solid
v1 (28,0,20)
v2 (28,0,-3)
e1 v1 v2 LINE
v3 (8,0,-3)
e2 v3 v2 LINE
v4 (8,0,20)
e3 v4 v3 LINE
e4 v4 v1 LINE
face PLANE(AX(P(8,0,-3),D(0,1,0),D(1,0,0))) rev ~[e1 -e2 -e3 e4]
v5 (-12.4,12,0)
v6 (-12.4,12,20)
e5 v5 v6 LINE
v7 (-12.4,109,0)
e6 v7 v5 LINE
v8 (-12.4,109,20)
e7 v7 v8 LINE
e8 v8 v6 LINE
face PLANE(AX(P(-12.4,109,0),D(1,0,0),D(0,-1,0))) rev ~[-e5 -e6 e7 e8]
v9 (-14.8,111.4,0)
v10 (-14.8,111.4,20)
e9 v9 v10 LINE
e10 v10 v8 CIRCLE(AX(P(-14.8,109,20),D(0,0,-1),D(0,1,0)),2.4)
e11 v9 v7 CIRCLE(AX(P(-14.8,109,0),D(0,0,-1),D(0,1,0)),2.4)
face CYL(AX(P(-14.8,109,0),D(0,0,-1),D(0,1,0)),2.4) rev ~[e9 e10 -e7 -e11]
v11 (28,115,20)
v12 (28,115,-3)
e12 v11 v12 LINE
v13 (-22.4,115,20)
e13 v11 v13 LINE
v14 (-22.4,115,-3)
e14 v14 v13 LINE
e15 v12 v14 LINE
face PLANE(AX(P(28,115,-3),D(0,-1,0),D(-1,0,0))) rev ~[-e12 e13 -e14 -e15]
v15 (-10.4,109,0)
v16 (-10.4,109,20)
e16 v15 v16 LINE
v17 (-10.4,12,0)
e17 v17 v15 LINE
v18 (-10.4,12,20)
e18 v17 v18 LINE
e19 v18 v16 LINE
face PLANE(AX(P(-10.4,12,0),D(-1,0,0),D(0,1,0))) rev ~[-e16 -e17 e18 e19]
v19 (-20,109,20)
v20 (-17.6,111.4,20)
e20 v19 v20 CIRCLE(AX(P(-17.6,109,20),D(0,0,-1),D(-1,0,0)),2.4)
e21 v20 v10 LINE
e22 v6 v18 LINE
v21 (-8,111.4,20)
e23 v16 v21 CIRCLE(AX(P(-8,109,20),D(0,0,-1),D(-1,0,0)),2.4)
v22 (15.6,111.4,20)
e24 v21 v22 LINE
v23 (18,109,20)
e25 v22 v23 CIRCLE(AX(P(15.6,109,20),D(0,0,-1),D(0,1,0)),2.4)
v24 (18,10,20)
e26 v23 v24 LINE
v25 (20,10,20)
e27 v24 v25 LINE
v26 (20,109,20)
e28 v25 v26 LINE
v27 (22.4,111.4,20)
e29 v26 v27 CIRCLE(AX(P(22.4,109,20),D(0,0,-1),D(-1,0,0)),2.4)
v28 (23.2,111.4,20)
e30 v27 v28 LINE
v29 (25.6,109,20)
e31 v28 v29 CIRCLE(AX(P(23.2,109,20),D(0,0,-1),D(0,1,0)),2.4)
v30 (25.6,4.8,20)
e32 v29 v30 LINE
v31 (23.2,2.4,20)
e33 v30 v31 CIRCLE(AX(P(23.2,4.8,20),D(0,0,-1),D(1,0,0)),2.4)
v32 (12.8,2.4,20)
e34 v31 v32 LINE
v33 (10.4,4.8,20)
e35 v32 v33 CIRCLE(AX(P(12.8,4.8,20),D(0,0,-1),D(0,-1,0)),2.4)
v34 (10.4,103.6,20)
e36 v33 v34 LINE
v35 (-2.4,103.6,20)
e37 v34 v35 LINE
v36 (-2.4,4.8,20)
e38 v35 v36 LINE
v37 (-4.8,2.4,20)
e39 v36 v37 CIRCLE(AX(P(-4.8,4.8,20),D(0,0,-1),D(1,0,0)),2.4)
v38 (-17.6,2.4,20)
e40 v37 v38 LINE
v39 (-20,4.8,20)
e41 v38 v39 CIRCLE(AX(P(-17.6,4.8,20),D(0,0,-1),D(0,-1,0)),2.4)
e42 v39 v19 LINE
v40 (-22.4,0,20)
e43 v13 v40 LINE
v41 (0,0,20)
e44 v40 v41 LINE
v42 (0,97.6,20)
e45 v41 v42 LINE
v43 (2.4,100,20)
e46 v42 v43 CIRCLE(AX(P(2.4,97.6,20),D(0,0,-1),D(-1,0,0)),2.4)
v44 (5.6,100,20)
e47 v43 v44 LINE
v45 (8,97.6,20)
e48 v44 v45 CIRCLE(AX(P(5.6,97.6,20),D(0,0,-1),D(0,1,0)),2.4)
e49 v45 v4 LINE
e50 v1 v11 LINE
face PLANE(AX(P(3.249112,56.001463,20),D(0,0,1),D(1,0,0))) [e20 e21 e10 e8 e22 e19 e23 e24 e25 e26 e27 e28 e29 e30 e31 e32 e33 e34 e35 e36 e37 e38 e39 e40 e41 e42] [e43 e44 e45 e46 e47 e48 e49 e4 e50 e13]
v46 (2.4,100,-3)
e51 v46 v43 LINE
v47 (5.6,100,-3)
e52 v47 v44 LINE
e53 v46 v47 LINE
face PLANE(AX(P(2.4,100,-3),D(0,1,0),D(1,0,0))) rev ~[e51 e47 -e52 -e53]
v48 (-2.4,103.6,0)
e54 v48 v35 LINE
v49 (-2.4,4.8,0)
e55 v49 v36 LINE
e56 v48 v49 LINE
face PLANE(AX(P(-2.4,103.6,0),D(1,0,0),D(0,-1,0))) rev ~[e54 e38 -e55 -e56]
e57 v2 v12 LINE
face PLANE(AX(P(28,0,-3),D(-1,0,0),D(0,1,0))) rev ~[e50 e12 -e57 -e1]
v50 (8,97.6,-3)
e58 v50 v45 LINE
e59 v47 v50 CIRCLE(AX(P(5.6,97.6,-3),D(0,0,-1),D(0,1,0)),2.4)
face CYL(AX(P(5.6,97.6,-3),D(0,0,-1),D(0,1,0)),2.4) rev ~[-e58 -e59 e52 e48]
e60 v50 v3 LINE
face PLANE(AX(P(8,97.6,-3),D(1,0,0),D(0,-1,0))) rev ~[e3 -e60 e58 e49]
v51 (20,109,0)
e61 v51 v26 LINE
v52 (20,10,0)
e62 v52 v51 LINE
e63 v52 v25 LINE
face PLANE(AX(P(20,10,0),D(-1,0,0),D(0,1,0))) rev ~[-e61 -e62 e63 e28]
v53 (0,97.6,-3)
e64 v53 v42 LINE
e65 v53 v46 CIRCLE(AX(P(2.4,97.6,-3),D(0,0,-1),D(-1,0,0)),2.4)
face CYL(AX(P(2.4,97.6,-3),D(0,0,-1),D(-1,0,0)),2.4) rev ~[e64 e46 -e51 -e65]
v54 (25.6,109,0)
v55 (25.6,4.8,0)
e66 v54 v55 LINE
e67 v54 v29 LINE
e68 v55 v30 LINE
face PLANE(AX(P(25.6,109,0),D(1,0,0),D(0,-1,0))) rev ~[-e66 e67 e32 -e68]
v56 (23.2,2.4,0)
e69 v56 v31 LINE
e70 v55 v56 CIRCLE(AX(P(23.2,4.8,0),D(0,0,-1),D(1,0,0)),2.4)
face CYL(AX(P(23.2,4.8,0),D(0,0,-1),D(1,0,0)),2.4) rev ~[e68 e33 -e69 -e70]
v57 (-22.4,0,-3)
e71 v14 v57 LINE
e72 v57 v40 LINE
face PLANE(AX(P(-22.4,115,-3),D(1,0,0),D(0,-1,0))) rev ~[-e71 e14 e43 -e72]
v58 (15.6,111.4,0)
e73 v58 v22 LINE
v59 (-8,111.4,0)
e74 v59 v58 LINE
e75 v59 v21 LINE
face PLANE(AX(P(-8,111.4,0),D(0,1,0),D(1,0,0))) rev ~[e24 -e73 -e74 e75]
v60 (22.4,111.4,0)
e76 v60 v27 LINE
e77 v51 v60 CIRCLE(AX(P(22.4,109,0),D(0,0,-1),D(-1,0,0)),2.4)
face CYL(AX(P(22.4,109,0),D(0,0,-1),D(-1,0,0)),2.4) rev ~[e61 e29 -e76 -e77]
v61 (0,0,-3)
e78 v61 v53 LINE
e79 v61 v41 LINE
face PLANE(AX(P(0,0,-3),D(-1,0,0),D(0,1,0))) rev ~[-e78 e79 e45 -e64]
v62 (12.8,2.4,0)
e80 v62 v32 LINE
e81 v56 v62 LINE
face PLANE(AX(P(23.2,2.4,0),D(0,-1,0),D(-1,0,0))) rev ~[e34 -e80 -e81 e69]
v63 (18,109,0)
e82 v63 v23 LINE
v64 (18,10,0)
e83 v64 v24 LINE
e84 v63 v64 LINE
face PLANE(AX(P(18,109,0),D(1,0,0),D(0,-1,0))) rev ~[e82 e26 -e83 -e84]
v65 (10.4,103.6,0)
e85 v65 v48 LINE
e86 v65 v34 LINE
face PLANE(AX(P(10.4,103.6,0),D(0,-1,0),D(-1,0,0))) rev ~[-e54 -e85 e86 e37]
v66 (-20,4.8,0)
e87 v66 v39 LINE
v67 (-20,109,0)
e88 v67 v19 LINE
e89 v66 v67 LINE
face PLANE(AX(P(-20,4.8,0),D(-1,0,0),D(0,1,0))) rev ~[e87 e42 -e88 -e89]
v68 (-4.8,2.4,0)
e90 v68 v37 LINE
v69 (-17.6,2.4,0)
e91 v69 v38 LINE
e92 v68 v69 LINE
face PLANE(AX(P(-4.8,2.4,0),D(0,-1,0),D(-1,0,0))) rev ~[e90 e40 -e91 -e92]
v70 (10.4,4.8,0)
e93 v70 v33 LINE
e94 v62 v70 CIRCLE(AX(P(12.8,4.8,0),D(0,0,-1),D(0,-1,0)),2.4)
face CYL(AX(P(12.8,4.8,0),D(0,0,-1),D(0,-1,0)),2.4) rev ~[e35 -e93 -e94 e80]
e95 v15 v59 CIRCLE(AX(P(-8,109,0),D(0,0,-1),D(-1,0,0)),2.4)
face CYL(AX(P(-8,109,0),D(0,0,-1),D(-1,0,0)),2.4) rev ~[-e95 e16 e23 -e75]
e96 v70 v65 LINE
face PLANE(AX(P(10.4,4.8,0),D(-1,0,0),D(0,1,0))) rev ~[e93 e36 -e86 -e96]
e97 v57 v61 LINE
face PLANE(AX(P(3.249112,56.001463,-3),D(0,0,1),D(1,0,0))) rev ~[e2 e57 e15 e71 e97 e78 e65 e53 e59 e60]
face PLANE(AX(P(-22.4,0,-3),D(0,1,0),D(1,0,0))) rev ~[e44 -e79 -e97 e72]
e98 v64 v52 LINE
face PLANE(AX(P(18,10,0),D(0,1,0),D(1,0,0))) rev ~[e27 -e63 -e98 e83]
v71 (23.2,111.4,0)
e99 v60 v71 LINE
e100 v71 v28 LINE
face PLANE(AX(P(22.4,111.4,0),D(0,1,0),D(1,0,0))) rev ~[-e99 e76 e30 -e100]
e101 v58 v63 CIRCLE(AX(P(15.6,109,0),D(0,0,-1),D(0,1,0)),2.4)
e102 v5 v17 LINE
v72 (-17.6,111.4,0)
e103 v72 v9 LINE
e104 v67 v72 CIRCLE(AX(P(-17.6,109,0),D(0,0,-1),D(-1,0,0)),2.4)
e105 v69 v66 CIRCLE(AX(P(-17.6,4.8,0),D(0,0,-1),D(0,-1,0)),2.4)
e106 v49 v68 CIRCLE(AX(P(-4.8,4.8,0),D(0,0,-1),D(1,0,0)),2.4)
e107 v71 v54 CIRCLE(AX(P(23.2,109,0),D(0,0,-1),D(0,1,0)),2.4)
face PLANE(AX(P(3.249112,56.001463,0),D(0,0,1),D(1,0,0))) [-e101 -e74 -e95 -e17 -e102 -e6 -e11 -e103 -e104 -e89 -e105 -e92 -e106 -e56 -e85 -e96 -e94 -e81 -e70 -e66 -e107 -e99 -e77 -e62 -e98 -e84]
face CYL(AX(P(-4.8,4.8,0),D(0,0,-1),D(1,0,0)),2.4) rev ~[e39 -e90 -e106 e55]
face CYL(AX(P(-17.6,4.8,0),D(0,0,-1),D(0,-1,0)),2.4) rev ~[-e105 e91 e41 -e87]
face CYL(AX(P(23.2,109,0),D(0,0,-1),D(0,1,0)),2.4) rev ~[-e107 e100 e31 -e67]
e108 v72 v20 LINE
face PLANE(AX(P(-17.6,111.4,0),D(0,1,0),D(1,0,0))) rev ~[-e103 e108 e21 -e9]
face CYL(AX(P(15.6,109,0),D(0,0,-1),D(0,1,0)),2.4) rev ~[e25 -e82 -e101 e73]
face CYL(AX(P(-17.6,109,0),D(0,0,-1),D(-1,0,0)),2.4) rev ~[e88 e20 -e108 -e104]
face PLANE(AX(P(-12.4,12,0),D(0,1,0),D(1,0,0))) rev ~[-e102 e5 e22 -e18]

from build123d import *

# Parameters (mm, degrees)
BOSS_EXTRUDE1_DEPTH = 20
BOSS_EXTRUDE2_START = -3
BOSS_EXTRUDE2_DEPTH = 3


with BuildPart() as part:
    # Sketch1 → Boss-Extrude1 (new body)
    with BuildSketch(Plane.XY):
        with BuildLine():
            Line((0, 0), (0, 97.6))
            ThreePointArc((0, 97.6), (0.702943725, 99.297056275), (2.4, 100))
            Line((2.4, 100), (5.6, 100))
            ThreePointArc((5.6, 100), (7.297056275, 99.297056275), (8, 97.6))
            Line((8, 97.6), (8, 0))
            Line((8, 0), (28, 0))
            Line((28, 0), (28, 115))
            Line((28, 115), (18, 115))
            Line((18, 115), (-10, 115))
            Line((-10, 115), (-22.4, 115))
            Line((-22.4, 115), (-22.4, 0))
            Line((-22.4, 0), (0, 0))
        make_face()
        with BuildLine():
            Line((18, 109), (18, 10))
            Line((18, 10), (20, 10))
            Line((20, 10), (20, 109))
            ThreePointArc((20, 109), (20.702943725, 110.697056275), (22.4, 111.4))
            Line((22.4, 111.4), (23.2, 111.4))
            ThreePointArc((23.2, 111.4), (24.897056275, 110.697056275), (25.6, 109))
            Line((25.6, 109), (25.6, 4.8))
            ThreePointArc((25.6, 4.8), (24.897056275, 3.102943725), (23.2, 2.4))
            Line((23.2, 2.4), (12.8, 2.4))
            ThreePointArc((12.8, 2.4), (11.102943725, 3.102943725), (10.4, 4.8))
            Line((10.4, 4.8), (10.4, 103.6))
            Line((10.4, 103.6), (-2.4, 103.6))
            Line((-2.4, 103.6), (-2.4, 4.8))
            ThreePointArc((-2.4, 4.8), (-3.102943725, 3.102943725), (-4.8, 2.4))
            Line((-4.8, 2.4), (-17.6, 2.4))
            ThreePointArc((-17.6, 2.4), (-19.297056275, 3.102943725), (-20, 4.8))
            Line((-20, 4.8), (-20, 109))
            ThreePointArc((-20, 109), (-19.297056275, 110.697056275), (-17.6, 111.4))
            Line((-17.6, 111.4), (-14.8, 111.4))
            ThreePointArc((-14.8, 111.4), (-13.102943725, 110.697056275), (-12.4, 109))
            Line((-12.4, 109), (-12.4, 12))
            Line((-12.4, 12), (-10.4, 12))
            Line((-10.4, 12), (-10.4, 109))
            ThreePointArc((-10.4, 109), (-9.697056275, 110.697056275), (-8, 111.4))
            Line((-8, 111.4), (15.6, 111.4))
            ThreePointArc((15.6, 111.4), (17.297056275, 110.697056275), (18, 109))
        make_face(mode=Mode.SUBTRACT)
    extrude(amount=BOSS_EXTRUDE1_DEPTH)

    # Sketch2 → Boss-Extrude2 (add)
    with BuildSketch(Plane.XY.offset(BOSS_EXTRUDE2_START)):
        with BuildLine():
            Line((28, 115), (-22.4, 115))
            Line((-22.4, 115), (-22.4, 0))
            Line((-22.4, 0), (0, 0))
            Line((0, 0), (0, 97.6))
            ThreePointArc((0, 97.6), (0.702943725, 99.297056275), (2.4, 100))
            Line((2.4, 100), (5.6, 100))
            ThreePointArc((5.6, 100), (7.297056275, 99.297056275), (8, 97.6))
            Line((8, 97.6), (8, 0))
            Line((8, 0), (28, 0))
            Line((28, 0), (28, 115))
        make_face()
    extrude(amount=BOSS_EXTRUDE2_DEPTH)


solid = part.part
